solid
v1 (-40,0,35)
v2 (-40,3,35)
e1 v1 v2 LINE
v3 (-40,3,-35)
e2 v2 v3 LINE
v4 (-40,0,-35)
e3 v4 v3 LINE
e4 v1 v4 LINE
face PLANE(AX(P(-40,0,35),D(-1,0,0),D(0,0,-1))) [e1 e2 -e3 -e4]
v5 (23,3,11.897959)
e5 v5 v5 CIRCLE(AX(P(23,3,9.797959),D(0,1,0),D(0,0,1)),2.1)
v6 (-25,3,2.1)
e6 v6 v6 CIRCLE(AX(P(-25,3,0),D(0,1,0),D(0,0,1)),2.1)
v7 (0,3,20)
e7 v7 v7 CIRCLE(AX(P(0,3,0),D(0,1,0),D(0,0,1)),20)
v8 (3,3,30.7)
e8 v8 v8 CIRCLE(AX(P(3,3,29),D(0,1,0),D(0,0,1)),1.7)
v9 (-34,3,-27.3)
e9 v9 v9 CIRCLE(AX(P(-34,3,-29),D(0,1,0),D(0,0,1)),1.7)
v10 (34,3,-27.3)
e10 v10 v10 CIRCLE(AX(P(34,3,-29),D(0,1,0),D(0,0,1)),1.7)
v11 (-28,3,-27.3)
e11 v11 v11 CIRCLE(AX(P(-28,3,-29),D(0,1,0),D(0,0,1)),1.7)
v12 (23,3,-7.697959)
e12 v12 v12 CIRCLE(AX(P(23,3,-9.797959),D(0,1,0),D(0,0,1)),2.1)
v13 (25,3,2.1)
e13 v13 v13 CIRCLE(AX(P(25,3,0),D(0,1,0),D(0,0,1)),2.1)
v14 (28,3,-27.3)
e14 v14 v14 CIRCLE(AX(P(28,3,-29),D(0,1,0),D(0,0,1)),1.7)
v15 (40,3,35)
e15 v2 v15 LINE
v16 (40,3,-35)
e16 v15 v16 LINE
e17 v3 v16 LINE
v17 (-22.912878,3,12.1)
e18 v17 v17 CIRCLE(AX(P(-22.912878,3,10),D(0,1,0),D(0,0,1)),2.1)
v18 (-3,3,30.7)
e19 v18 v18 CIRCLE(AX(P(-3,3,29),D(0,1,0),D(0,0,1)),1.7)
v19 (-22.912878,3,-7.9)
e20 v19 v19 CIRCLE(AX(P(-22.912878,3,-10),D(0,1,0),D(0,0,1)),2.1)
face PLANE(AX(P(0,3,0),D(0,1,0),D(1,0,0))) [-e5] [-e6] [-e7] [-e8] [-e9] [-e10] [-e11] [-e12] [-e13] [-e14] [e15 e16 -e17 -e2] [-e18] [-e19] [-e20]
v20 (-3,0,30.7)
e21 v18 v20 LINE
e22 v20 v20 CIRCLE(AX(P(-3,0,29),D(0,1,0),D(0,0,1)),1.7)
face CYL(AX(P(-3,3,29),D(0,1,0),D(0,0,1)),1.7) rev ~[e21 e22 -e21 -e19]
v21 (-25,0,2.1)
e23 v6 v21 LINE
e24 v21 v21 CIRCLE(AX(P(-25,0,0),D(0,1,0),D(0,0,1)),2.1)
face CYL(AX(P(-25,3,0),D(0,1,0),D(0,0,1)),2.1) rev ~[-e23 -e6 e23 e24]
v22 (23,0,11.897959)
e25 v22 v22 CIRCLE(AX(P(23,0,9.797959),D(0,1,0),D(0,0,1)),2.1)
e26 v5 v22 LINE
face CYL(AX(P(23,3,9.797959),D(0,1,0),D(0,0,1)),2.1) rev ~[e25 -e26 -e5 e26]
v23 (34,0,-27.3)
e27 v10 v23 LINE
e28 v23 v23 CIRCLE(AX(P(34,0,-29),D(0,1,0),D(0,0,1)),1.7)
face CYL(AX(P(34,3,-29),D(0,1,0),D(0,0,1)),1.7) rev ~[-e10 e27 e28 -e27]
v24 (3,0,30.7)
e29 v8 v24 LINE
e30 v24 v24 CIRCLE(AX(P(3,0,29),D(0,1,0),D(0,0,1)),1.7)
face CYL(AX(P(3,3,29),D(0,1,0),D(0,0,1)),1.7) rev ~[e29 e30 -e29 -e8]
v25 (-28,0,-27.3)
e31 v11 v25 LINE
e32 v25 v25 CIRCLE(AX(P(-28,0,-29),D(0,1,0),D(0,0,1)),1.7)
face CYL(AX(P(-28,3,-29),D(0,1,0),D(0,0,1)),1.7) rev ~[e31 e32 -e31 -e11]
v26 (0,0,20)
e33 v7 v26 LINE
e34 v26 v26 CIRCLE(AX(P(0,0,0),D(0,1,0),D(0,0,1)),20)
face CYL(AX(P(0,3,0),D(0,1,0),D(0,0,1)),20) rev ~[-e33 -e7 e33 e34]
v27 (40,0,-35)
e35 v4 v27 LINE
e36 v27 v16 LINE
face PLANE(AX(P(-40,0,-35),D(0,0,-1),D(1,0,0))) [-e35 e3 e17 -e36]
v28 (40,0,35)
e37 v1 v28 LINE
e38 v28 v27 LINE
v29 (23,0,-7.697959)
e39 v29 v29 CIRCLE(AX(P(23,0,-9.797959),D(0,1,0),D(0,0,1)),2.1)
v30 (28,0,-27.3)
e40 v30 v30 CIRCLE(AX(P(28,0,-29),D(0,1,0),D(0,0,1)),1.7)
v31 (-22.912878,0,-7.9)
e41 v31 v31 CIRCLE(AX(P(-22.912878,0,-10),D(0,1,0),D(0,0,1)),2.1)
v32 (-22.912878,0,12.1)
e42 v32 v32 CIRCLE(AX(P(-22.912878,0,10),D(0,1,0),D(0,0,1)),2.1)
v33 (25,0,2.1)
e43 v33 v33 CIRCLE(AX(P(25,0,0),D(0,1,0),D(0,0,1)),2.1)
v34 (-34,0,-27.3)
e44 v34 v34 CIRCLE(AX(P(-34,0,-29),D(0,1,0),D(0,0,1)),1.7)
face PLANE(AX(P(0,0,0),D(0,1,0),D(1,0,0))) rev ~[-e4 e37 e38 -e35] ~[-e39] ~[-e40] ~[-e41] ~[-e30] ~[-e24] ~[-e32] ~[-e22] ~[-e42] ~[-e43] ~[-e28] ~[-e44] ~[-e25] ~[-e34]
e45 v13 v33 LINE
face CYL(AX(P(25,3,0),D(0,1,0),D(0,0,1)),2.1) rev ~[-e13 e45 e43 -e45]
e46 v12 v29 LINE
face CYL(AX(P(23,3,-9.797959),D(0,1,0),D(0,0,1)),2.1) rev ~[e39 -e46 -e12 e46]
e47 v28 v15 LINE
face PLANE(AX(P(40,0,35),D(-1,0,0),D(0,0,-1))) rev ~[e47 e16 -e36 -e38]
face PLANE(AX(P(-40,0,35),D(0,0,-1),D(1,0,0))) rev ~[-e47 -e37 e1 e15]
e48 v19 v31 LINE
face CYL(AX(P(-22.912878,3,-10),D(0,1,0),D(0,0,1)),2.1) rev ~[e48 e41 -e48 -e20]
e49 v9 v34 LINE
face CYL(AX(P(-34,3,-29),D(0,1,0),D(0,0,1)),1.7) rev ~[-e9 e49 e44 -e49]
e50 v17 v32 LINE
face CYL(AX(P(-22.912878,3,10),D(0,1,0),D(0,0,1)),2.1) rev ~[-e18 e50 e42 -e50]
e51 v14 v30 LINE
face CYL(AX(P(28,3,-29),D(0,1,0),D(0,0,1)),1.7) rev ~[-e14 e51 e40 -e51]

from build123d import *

# Parameters (mm, degrees)
BASE_W                        = 80
BASE_H                        = 70
BASE_PLATE_DEPTH              = 3
EXTRUDER_HOLE_CUT_REACH       = 55.235
EXTRUDER_HOLE_R               = 20
EXTRUDER_SREW_HOLES_CUT_REACH = 55.235
EXTRUDER_MOUNT_HOLES_R        = 2.1
LM8_TWO_REACH                 = 55.235
LM8UU_HOLES_R                 = 1.7
LM8_CENTER_REACH              = 55.235
LM8UU_CENTER_R                = 1.7


with BuildPart() as part:
    # Base → Base Plate (new body)
    with BuildSketch(Plane(origin=(0, 0, 0), x_dir=(1, 0, 0), z_dir=(0, 1, 0))):
        Rectangle(BASE_W, BASE_H)
    extrude(amount=BASE_PLATE_DEPTH)

    # Extruder hole → Extruder Hole Cut (cut, up to next)
    with BuildSketch(Plane(origin=(0, 3, 0), x_dir=(1, 0, 0), z_dir=(0, 1, 0)), mode=Mode.PRIVATE) as extruder_hole_cut_sk1:
        with Locations(Location((0, 0, 0), (0, 0, 270))):
            Circle(EXTRUDER_HOLE_R)
    extruder_hole_cut_tool1 = extrude(extruder_hole_cut_sk1.sketch, amount=-EXTRUDER_HOLE_CUT_REACH, mode=Mode.PRIVATE) & part.part
    add(extruder_hole_cut_tool1.solids().sort_by_distance((0, 3, 0))[0], mode=Mode.SUBTRACT)

    # Extruder Mount Holes → Extruder Srew Holes Cut (cut, up to next)
    with BuildSketch(Plane(origin=(0, 3, 0), x_dir=(1, 0, 0), z_dir=(0, 1, 0)), mode=Mode.PRIVATE) as extruder_srew_holes_cut_sk1:
        with Locations(Location((-25, 0, 0), (0, 0, 270))):
            Circle(EXTRUDER_MOUNT_HOLES_R)
    extruder_srew_holes_cut_tool1 = extrude(extruder_srew_holes_cut_sk1.sketch, amount=-EXTRUDER_SREW_HOLES_CUT_REACH, mode=Mode.PRIVATE) & part.part
    # Extruder Mount Holes → Extruder Srew Holes Cut (cut, up to next)
    with BuildSketch(Plane(origin=(0, 3, 0), x_dir=(1, 0, 0), z_dir=(0, 1, 0)), mode=Mode.PRIVATE) as extruder_srew_holes_cut_sk2:
        with Locations(Location((-22.912878475, 10, 0), (0, 0, 270))):
            Circle(EXTRUDER_MOUNT_HOLES_R)
    extruder_srew_holes_cut_tool2 = extrude(extruder_srew_holes_cut_sk2.sketch, amount=-EXTRUDER_SREW_HOLES_CUT_REACH, mode=Mode.PRIVATE) & part.part
    # Extruder Mount Holes → Extruder Srew Holes Cut (cut, up to next)
    with BuildSketch(Plane(origin=(0, 3, 0), x_dir=(1, 0, 0), z_dir=(0, 1, 0)), mode=Mode.PRIVATE) as extruder_srew_holes_cut_sk3:
        with Locations(Location((-22.912878475, -10, 0), (0, 0, 270))):
            Circle(EXTRUDER_MOUNT_HOLES_R)
    extruder_srew_holes_cut_tool3 = extrude(extruder_srew_holes_cut_sk3.sketch, amount=-EXTRUDER_SREW_HOLES_CUT_REACH, mode=Mode.PRIVATE) & part.part
    # Extruder Mount Holes → Extruder Srew Holes Cut (cut, up to next)
    with BuildSketch(Plane(origin=(0, 3, 0), x_dir=(1, 0, 0), z_dir=(0, 1, 0)), mode=Mode.PRIVATE) as extruder_srew_holes_cut_sk4:
        with Locations(Location((25, 0, 0), (0, 0, 270))):
            Circle(EXTRUDER_MOUNT_HOLES_R)
    extruder_srew_holes_cut_tool4 = extrude(extruder_srew_holes_cut_sk4.sketch, amount=-EXTRUDER_SREW_HOLES_CUT_REACH, mode=Mode.PRIVATE) & part.part
    # Extruder Mount Holes → Extruder Srew Holes Cut (cut, up to next)
    with BuildSketch(Plane(origin=(0, 3, 0), x_dir=(1, 0, 0), z_dir=(0, 1, 0)), mode=Mode.PRIVATE) as extruder_srew_holes_cut_sk5:
        with Locations(Location((23, 9.797958971, 0), (0, 0, 270))):
            Circle(EXTRUDER_MOUNT_HOLES_R)
    extruder_srew_holes_cut_tool5 = extrude(extruder_srew_holes_cut_sk5.sketch, amount=-EXTRUDER_SREW_HOLES_CUT_REACH, mode=Mode.PRIVATE) & part.part
    # Extruder Mount Holes → Extruder Srew Holes Cut (cut, up to next)
    with BuildSketch(Plane(origin=(0, 3, 0), x_dir=(1, 0, 0), z_dir=(0, 1, 0)), mode=Mode.PRIVATE) as extruder_srew_holes_cut_sk6:
        with Locations(Location((23, -9.797958971, 0), (0, 0, 270))):
            Circle(EXTRUDER_MOUNT_HOLES_R)
    extruder_srew_holes_cut_tool6 = extrude(extruder_srew_holes_cut_sk6.sketch, amount=-EXTRUDER_SREW_HOLES_CUT_REACH, mode=Mode.PRIVATE) & part.part
    add(extruder_srew_holes_cut_tool1.solids().sort_by_distance((-25, 3, 0))[0], mode=Mode.SUBTRACT)
    add(extruder_srew_holes_cut_tool2.solids().sort_by_distance((-22.912878, 3, -10))[0], mode=Mode.SUBTRACT)
    add(extruder_srew_holes_cut_tool3.solids().sort_by_distance((-22.912878, 3, 10))[0], mode=Mode.SUBTRACT)
    add(extruder_srew_holes_cut_tool4.solids().sort_by_distance((25, 3, 0))[0], mode=Mode.SUBTRACT)
    add(extruder_srew_holes_cut_tool5.solids().sort_by_distance((23, 3, -9.797959))[0], mode=Mode.SUBTRACT)
    add(extruder_srew_holes_cut_tool6.solids().sort_by_distance((23, 3, 9.797959))[0], mode=Mode.SUBTRACT)

    # LM8uu Holes → LM8 Two (cut, up to next)
    with BuildSketch(Plane(origin=(0, 3, 0), x_dir=(1, 0, 0), z_dir=(0, 1, 0)), mode=Mode.PRIVATE) as lm8_two_sk1:
        with Locations(Location((-34, 29, 0), (0, 0, 270))):
            Circle(LM8UU_HOLES_R)
    lm8_two_tool1 = extrude(lm8_two_sk1.sketch, amount=-LM8_TWO_REACH, mode=Mode.PRIVATE) & part.part
    # LM8uu Holes → LM8 Two (cut, up to next)
    with BuildSketch(Plane(origin=(0, 3, 0), x_dir=(1, 0, 0), z_dir=(0, 1, 0)), mode=Mode.PRIVATE) as lm8_two_sk2:
        with Locations(Location((-28, 29, 0), (0, 0, 270))):
            Circle(LM8UU_HOLES_R)
    lm8_two_tool2 = extrude(lm8_two_sk2.sketch, amount=-LM8_TWO_REACH, mode=Mode.PRIVATE) & part.part
    # LM8uu Holes → LM8 Two (cut, up to next)
    with BuildSketch(Plane(origin=(0, 3, 0), x_dir=(1, 0, 0), z_dir=(0, 1, 0)), mode=Mode.PRIVATE) as lm8_two_sk3:
        with Locations(Location((28, 29, 0), (0, 0, 270))):
            Circle(LM8UU_HOLES_R)
    lm8_two_tool3 = extrude(lm8_two_sk3.sketch, amount=-LM8_TWO_REACH, mode=Mode.PRIVATE) & part.part
    # LM8uu Holes → LM8 Two (cut, up to next)
    with BuildSketch(Plane(origin=(0, 3, 0), x_dir=(1, 0, 0), z_dir=(0, 1, 0)), mode=Mode.PRIVATE) as lm8_two_sk4:
        with Locations(Location((34, 29, 0), (0, 0, 270))):
            Circle(LM8UU_HOLES_R)
    lm8_two_tool4 = extrude(lm8_two_sk4.sketch, amount=-LM8_TWO_REACH, mode=Mode.PRIVATE) & part.part
    add(lm8_two_tool1.solids().sort_by_distance((-34, 3, -29))[0], mode=Mode.SUBTRACT)
    add(lm8_two_tool2.solids().sort_by_distance((-28, 3, -29))[0], mode=Mode.SUBTRACT)
    add(lm8_two_tool3.solids().sort_by_distance((28, 3, -29))[0], mode=Mode.SUBTRACT)
    add(lm8_two_tool4.solids().sort_by_distance((34, 3, -29))[0], mode=Mode.SUBTRACT)

    # LM8uu Center → LM8 Center (cut, up to next)
    with BuildSketch(Plane(origin=(0, 3, 0), x_dir=(1, 0, 0), z_dir=(0, 1, 0)), mode=Mode.PRIVATE) as lm8_center_sk1:
        with Locations(Location((-3, -29, 0), (0, 0, 270))):
            Circle(LM8UU_CENTER_R)
    lm8_center_tool1 = extrude(lm8_center_sk1.sketch, amount=-LM8_CENTER_REACH, mode=Mode.PRIVATE) & part.part
    # LM8uu Center → LM8 Center (cut, up to next)
    with BuildSketch(Plane(origin=(0, 3, 0), x_dir=(1, 0, 0), z_dir=(0, 1, 0)), mode=Mode.PRIVATE) as lm8_center_sk2:
        with Locations(Location((3, -29, 0), (0, 0, 270))):
            Circle(LM8UU_CENTER_R)
    lm8_center_tool2 = extrude(lm8_center_sk2.sketch, amount=-LM8_CENTER_REACH, mode=Mode.PRIVATE) & part.part
    add(lm8_center_tool1.solids().sort_by_distance((-3, 3, 29))[0], mode=Mode.SUBTRACT)
    add(lm8_center_tool2.solids().sort_by_distance((3, 3, 29))[0], mode=Mode.SUBTRACT)


solid = part.part
